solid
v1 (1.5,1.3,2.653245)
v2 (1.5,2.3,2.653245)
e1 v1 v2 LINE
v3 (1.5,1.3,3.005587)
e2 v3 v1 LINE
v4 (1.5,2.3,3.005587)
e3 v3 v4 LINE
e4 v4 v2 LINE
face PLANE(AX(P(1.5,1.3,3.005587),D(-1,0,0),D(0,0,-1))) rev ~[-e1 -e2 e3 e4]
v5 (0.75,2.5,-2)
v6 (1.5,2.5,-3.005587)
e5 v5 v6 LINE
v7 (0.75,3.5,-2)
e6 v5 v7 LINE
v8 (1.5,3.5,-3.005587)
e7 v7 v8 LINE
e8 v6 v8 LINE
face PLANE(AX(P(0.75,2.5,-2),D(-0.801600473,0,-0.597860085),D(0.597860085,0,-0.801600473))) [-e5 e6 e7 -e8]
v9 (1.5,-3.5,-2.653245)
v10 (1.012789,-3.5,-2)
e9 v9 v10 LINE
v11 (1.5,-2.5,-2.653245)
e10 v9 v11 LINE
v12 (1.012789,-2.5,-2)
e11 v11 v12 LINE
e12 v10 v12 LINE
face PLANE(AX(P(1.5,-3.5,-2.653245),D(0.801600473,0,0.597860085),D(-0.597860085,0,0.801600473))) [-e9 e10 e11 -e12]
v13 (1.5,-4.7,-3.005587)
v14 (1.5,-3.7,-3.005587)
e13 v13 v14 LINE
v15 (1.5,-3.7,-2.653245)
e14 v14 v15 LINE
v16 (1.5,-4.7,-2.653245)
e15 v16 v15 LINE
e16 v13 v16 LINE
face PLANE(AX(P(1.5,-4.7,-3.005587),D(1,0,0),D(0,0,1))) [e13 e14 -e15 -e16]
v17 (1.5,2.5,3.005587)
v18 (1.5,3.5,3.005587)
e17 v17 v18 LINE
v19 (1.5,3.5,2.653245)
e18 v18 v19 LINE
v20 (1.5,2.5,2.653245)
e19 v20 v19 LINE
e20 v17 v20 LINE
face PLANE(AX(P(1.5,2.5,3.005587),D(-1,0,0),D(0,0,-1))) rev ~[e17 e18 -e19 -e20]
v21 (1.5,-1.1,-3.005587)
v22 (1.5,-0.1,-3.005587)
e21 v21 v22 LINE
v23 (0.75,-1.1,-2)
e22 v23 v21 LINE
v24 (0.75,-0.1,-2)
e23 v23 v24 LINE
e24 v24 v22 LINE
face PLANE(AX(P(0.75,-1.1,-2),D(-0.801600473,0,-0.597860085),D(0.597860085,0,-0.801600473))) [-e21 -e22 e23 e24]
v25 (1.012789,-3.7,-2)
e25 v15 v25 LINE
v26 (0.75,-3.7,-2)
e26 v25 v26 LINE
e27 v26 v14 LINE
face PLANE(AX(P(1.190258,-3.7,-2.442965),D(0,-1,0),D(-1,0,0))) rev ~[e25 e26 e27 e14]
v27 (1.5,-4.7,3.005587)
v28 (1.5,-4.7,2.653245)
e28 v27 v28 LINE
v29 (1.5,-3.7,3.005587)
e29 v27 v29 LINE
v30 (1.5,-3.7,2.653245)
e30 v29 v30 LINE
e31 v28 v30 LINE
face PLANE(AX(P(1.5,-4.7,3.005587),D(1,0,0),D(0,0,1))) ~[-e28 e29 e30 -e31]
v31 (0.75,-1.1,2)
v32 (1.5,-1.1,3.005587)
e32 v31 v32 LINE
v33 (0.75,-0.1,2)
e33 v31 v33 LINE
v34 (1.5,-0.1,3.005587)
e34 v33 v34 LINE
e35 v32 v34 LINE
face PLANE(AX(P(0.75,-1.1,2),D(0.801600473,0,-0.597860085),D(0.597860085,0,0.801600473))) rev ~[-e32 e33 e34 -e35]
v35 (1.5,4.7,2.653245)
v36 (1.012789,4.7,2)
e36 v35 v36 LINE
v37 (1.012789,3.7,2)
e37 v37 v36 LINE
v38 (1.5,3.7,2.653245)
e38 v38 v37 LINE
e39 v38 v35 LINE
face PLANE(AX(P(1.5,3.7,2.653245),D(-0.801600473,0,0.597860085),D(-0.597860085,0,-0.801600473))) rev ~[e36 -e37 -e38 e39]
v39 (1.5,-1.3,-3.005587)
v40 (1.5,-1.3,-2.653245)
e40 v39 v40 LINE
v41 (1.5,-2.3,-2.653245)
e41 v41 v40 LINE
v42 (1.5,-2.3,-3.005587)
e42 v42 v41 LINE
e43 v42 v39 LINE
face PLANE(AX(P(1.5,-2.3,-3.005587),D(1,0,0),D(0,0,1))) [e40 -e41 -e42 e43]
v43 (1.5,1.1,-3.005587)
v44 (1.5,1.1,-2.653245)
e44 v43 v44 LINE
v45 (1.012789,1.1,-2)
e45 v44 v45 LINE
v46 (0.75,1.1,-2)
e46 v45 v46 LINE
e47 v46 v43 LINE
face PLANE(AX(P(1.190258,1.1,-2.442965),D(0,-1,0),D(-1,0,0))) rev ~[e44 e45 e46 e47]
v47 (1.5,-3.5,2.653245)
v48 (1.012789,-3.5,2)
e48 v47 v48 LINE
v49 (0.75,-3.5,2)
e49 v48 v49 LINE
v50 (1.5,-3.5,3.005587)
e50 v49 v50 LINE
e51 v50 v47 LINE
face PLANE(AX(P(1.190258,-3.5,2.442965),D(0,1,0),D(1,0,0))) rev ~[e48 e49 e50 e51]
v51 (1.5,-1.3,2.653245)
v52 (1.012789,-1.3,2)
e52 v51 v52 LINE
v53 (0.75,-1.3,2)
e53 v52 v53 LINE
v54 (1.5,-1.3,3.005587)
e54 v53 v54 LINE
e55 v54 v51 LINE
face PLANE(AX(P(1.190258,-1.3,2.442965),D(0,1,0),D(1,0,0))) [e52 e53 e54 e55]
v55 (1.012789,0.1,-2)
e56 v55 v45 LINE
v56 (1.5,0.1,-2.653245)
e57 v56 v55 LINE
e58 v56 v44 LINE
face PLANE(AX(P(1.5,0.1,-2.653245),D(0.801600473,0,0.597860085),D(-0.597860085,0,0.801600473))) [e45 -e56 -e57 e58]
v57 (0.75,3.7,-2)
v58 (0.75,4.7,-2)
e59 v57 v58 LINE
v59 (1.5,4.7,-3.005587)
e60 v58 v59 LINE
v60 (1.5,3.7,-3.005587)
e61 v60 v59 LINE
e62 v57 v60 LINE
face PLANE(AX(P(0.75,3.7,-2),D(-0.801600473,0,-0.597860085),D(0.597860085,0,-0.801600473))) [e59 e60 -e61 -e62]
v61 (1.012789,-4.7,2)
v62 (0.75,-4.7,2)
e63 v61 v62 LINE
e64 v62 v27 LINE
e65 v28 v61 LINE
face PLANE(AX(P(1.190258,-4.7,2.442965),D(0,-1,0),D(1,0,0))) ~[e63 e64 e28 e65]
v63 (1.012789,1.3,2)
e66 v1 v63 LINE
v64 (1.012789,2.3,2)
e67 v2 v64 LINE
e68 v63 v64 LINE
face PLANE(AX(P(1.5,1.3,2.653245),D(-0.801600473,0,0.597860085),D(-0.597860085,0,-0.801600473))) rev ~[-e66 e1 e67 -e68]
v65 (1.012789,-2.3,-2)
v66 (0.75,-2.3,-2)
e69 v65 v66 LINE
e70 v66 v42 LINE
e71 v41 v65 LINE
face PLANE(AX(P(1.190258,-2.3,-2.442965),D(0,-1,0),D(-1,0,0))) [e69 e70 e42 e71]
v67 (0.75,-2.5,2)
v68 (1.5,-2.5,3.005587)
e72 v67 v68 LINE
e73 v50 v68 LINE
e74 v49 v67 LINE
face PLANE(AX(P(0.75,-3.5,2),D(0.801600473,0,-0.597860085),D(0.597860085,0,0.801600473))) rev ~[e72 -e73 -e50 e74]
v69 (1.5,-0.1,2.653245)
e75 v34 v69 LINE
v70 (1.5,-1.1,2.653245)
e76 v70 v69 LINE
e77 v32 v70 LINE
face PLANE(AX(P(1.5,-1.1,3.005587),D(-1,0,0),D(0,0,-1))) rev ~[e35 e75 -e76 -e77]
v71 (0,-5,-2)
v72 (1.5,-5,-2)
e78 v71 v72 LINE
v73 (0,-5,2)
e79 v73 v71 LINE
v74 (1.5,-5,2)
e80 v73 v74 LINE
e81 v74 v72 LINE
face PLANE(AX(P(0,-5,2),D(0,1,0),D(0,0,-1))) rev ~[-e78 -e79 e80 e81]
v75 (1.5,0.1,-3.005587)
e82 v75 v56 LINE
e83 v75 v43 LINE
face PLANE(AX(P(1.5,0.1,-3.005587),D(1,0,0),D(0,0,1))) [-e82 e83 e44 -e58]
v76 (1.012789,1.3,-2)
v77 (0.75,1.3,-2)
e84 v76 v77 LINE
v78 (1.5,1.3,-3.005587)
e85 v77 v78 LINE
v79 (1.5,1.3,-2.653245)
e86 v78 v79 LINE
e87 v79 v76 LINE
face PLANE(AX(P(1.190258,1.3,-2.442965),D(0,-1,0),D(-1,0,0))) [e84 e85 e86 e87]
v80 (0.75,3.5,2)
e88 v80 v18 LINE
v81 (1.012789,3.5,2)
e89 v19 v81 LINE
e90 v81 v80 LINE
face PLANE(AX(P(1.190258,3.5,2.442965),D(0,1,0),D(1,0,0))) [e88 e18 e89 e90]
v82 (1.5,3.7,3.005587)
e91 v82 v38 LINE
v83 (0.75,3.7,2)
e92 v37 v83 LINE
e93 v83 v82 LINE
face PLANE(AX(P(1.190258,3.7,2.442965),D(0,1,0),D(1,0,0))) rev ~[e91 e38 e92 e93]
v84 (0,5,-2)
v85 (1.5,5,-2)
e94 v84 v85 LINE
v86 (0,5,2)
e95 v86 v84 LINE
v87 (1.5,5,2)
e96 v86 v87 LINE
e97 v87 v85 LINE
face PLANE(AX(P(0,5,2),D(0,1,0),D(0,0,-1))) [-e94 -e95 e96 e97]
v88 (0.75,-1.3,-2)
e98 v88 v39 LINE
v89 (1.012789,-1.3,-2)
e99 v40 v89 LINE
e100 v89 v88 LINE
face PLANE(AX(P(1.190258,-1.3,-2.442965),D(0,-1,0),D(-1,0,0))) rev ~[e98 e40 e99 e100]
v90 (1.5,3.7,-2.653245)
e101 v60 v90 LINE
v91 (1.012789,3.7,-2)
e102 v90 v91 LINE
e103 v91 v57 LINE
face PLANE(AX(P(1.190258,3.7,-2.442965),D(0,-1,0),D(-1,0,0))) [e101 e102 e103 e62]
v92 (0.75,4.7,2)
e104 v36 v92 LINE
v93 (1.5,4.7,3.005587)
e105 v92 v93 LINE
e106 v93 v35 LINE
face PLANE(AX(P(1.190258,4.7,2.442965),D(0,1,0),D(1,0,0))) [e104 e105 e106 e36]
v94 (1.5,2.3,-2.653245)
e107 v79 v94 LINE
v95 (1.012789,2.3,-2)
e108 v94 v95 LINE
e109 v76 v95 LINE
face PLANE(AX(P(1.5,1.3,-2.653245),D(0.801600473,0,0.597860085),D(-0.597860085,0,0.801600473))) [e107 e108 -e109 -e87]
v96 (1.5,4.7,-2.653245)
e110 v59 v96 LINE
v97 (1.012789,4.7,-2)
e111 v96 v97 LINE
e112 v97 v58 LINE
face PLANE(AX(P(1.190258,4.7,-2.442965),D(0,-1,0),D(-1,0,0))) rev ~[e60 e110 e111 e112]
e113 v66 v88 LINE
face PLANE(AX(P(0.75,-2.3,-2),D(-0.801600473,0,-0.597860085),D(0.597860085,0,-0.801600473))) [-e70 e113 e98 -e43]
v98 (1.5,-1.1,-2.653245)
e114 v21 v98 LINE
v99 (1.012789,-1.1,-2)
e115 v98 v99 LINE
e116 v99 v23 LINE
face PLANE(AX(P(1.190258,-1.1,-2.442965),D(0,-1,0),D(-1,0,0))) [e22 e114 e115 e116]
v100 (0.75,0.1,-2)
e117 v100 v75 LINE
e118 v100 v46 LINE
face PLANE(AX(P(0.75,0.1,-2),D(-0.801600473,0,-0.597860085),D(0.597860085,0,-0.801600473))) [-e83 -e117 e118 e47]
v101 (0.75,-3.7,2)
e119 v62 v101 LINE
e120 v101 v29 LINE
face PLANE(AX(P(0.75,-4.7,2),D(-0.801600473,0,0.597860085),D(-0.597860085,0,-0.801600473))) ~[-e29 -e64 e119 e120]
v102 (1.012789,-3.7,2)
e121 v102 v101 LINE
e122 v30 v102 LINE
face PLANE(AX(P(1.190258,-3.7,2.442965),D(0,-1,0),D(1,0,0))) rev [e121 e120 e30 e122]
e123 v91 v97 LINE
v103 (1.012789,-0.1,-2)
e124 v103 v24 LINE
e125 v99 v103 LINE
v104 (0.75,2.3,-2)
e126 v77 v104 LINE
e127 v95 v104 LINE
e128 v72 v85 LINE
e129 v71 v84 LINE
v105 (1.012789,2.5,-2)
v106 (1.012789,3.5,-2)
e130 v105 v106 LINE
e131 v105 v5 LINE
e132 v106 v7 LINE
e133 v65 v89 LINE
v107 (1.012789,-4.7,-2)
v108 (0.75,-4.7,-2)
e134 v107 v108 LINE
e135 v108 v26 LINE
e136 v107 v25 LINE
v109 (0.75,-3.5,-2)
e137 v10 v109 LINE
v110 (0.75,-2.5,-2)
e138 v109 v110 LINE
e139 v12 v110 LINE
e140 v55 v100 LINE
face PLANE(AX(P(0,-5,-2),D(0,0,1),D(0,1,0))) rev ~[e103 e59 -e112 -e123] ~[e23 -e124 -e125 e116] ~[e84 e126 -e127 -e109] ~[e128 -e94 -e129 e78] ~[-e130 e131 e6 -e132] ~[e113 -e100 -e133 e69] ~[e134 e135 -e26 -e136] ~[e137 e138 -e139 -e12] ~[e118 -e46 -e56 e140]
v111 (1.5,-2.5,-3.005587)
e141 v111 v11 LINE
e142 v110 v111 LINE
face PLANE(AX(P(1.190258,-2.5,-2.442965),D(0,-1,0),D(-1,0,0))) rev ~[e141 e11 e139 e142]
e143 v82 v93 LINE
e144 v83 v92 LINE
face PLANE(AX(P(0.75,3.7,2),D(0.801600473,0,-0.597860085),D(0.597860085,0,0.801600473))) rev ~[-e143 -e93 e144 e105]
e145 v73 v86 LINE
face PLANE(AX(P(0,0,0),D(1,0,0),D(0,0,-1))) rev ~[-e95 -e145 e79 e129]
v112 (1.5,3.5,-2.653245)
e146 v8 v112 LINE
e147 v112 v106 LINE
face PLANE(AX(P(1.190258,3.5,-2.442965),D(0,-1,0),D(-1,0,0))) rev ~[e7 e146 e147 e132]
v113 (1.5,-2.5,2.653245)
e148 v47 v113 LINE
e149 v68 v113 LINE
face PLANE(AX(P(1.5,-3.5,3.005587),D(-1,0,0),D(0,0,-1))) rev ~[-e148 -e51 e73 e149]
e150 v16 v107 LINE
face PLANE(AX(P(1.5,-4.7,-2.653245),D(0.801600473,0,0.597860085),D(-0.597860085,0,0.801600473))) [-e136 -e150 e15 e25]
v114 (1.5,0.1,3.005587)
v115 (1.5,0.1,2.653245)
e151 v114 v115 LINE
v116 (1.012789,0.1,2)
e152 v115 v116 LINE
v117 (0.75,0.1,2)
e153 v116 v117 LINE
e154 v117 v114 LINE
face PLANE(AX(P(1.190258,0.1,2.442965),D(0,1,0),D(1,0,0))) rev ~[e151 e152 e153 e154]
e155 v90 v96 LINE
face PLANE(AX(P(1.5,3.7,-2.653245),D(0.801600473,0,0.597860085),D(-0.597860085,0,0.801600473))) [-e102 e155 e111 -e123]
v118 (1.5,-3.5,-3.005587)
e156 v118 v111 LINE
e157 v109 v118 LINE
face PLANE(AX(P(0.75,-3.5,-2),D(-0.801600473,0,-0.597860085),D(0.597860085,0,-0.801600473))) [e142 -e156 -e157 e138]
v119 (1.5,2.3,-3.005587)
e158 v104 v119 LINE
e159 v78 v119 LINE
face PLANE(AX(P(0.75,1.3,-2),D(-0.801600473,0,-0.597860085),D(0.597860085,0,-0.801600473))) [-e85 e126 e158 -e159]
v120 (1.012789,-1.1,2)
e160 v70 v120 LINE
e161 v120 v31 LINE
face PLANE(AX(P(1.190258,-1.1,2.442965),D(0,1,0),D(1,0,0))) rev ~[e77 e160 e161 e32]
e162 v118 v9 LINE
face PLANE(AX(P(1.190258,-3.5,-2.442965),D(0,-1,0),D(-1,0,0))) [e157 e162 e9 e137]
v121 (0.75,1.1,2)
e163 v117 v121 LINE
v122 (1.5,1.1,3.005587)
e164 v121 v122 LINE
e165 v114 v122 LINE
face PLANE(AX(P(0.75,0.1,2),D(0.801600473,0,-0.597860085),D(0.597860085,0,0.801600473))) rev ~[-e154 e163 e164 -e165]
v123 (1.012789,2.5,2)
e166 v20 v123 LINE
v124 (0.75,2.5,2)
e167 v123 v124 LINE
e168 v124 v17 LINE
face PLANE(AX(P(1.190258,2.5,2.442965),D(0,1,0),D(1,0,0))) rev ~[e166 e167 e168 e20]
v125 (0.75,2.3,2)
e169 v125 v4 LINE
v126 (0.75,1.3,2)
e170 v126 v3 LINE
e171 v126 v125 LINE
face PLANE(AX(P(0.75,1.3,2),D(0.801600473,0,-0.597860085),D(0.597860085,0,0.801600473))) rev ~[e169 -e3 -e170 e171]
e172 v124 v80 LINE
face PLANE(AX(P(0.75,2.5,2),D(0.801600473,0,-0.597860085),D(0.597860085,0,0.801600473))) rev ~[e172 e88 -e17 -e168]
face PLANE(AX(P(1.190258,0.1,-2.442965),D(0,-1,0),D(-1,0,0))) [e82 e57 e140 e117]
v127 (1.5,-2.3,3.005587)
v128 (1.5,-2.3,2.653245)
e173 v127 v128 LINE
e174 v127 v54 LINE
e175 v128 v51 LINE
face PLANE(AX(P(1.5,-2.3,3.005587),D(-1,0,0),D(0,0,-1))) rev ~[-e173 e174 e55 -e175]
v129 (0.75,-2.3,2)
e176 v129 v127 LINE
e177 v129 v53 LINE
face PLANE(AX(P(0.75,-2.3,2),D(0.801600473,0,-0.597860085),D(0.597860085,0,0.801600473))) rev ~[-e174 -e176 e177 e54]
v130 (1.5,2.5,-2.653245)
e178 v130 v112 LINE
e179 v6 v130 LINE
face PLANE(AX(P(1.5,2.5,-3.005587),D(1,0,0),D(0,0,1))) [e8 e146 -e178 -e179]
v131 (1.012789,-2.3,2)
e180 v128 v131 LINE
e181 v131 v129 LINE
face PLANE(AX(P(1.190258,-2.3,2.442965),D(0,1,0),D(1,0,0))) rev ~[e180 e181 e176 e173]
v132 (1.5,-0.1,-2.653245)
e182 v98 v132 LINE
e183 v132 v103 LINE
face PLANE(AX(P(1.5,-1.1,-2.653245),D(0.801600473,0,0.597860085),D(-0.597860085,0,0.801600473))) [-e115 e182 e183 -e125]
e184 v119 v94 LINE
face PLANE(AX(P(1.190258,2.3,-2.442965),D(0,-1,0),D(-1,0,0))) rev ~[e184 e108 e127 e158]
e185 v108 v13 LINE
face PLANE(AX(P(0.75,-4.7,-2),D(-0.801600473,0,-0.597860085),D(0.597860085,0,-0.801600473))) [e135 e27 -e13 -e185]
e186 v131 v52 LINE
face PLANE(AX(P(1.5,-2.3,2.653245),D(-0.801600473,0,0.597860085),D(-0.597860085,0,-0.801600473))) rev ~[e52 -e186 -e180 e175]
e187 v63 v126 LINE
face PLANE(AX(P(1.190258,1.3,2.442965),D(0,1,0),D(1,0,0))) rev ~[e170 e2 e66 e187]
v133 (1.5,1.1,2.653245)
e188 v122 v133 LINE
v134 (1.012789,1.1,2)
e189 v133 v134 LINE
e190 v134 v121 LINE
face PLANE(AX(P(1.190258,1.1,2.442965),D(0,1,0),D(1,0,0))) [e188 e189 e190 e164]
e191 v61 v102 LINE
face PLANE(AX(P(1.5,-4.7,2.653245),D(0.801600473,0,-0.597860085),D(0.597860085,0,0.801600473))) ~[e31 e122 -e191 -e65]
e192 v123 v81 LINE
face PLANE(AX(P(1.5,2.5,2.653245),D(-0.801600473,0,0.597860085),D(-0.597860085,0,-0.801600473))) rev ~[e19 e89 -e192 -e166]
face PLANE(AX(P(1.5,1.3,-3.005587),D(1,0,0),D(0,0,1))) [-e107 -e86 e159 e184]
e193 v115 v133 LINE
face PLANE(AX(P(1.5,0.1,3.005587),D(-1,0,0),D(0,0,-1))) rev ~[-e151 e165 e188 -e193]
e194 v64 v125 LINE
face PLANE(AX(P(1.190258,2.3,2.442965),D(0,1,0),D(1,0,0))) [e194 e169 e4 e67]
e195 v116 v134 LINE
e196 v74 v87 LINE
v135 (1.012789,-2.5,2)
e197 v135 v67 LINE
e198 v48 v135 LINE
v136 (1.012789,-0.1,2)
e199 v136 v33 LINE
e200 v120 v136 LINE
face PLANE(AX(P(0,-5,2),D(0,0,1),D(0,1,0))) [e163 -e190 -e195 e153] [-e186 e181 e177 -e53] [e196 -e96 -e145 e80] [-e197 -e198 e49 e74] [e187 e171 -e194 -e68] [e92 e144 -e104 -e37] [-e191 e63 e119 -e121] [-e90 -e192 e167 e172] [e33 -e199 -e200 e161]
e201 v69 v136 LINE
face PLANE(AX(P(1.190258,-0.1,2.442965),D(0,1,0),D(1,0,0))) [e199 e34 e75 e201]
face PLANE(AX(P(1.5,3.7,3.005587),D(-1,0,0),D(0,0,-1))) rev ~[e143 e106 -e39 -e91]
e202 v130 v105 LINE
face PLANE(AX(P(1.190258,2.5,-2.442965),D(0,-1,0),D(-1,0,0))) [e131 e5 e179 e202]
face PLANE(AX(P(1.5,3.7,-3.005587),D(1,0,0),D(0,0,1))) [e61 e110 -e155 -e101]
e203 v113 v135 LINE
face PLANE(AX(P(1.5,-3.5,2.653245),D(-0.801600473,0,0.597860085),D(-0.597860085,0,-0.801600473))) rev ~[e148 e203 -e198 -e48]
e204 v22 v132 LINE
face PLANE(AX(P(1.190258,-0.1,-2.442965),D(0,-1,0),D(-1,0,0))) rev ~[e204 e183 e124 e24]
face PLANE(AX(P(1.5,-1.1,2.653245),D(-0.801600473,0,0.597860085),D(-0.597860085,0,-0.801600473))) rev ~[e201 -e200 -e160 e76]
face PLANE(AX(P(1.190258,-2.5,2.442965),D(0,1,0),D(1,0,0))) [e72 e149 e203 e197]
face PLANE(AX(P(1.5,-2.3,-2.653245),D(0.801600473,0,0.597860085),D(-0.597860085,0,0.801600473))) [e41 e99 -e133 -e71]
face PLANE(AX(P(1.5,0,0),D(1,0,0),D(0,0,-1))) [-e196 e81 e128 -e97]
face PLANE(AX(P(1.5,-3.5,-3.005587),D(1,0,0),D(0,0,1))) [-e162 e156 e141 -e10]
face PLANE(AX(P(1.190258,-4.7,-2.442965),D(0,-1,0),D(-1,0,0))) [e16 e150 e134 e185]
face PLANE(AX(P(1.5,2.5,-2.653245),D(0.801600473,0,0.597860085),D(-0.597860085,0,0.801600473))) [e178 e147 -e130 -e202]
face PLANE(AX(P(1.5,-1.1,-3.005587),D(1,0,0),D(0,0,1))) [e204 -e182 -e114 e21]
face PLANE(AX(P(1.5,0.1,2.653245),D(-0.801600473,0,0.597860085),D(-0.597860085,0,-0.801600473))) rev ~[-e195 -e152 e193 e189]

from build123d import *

# Parameters (mm, degrees)
SKETCH_1_W             = 4
SKETCH_1_H             = 10
EXTRUDE_1_DEPTH        = 1.5
EXTRUDE_2_DEPTH        = 1
PATTERN_LINEAR_1_COUNT = 8
PATTERN_LINEAR_1_PITCH = 1.2
MIRROR_1_COPY_1_DEPTH  = 1
MIRROR_1_COPY_2_DEPTH  = 1
MIRROR_1_COPY_3_DEPTH  = 1
MIRROR_1_COPY_4_DEPTH  = 1
MIRROR_1_COPY_5_DEPTH  = 1
MIRROR_1_COPY_6_DEPTH  = 1
MIRROR_1_COPY_7_DEPTH  = 1


with BuildPart() as part:
    # 草图1 → 凸台-拉伸1 (new body)
    with BuildSketch(Plane(origin=(0, 0, 0), x_dir=(0, 0, -1), z_dir=(1, 0, 0))):
        Rectangle(SKETCH_1_W, SKETCH_1_H)
    extrude(amount=EXTRUDE_1_DEPTH)

    # 草图2 → 凸台-拉伸2 (add)
    with BuildSketch(Plane(origin=(0, -4.7, 0), x_dir=(-1, 0, 0), z_dir=(0, -1, 0))):
        Polygon((-0.75, 2), (-1.5, 3.005587043), (-1.5, 2.65324469), (-1.012788554, 2), align=None)
    extrude_2 = extrude(amount=-EXTRUDE_2_DEPTH)

    # 阵列(线性)1: 凸台-拉伸2 ×8
    with Locations(*[(0, i * PATTERN_LINEAR_1_PITCH, 0) for i in range(1, PATTERN_LINEAR_1_COUNT)]):
        add(extrude_2)

    # 镜向1: 凸台-拉伸2 across plane
    add(extrude_2.mirror(Plane.XY))

    # 镜向1 copy 1 sketch → 镜向1 copy 1 (add)
    with BuildSketch(Plane(origin=(0, -3.5, 0), x_dir=(-1, 0, 0), z_dir=(0, -1, 0))):
        Polygon((-0.75, -2), (-1.5, -3.005587043), (-1.5, -2.65324469), (-1.012788554, -2), align=None)
    extrude(amount=-MIRROR_1_COPY_1_DEPTH)

    # 镜向1 copy 2 sketch → 镜向1 copy 2 (add)
    with BuildSketch(Plane(origin=(0, -2.3, 0), x_dir=(-1, 0, 0), z_dir=(0, -1, 0))):
        Polygon((-0.75, -2), (-1.5, -3.005587043), (-1.5, -2.65324469), (-1.012788554, -2), align=None)
    extrude(amount=-MIRROR_1_COPY_2_DEPTH)

    # 镜向1 copy 3 sketch → 镜向1 copy 3 (add)
    with BuildSketch(Plane(origin=(0, -1.1, 0), x_dir=(-1, 0, 0), z_dir=(0, -1, 0))):
        Polygon((-0.75, -2), (-1.5, -3.005587043), (-1.5, -2.65324469), (-1.012788554, -2), align=None)
    extrude(amount=-MIRROR_1_COPY_3_DEPTH)

    # 镜向1 copy 4 sketch → 镜向1 copy 4 (add)
    with BuildSketch(Plane(origin=(0, 0.1, 0), x_dir=(-1, 0, 0), z_dir=(0, -1, 0))):
        Polygon((-0.75, -2), (-1.5, -3.005587043), (-1.5, -2.65324469), (-1.012788554, -2), align=None)
    extrude(amount=-MIRROR_1_COPY_4_DEPTH)

    # 镜向1 copy 5 sketch → 镜向1 copy 5 (add)
    with BuildSketch(Plane(origin=(0, 1.3, 0), x_dir=(-1, 0, 0), z_dir=(0, -1, 0))):
        Polygon((-0.75, -2), (-1.5, -3.005587043), (-1.5, -2.65324469), (-1.012788554, -2), align=None)
    extrude(amount=-MIRROR_1_COPY_5_DEPTH)

    # 镜向1 copy 6 sketch → 镜向1 copy 6 (add)
    with BuildSketch(Plane(origin=(0, 2.5, 0), x_dir=(-1, 0, 0), z_dir=(0, -1, 0))):
        Polygon((-0.75, -2), (-1.5, -3.005587043), (-1.5, -2.65324469), (-1.012788554, -2), align=None)
    extrude(amount=-MIRROR_1_COPY_6_DEPTH)

    # 镜向1 copy 7 sketch → 镜向1 copy 7 (add)
    with BuildSketch(Plane(origin=(0, 3.7, 0), x_dir=(-1, 0, 0), z_dir=(0, -1, 0))):
        Polygon((-0.75, -2), (-1.5, -3.005587043), (-1.5, -2.65324469), (-1.012788554, -2), align=None)
    extrude(amount=-MIRROR_1_COPY_7_DEPTH)


solid = part.part
